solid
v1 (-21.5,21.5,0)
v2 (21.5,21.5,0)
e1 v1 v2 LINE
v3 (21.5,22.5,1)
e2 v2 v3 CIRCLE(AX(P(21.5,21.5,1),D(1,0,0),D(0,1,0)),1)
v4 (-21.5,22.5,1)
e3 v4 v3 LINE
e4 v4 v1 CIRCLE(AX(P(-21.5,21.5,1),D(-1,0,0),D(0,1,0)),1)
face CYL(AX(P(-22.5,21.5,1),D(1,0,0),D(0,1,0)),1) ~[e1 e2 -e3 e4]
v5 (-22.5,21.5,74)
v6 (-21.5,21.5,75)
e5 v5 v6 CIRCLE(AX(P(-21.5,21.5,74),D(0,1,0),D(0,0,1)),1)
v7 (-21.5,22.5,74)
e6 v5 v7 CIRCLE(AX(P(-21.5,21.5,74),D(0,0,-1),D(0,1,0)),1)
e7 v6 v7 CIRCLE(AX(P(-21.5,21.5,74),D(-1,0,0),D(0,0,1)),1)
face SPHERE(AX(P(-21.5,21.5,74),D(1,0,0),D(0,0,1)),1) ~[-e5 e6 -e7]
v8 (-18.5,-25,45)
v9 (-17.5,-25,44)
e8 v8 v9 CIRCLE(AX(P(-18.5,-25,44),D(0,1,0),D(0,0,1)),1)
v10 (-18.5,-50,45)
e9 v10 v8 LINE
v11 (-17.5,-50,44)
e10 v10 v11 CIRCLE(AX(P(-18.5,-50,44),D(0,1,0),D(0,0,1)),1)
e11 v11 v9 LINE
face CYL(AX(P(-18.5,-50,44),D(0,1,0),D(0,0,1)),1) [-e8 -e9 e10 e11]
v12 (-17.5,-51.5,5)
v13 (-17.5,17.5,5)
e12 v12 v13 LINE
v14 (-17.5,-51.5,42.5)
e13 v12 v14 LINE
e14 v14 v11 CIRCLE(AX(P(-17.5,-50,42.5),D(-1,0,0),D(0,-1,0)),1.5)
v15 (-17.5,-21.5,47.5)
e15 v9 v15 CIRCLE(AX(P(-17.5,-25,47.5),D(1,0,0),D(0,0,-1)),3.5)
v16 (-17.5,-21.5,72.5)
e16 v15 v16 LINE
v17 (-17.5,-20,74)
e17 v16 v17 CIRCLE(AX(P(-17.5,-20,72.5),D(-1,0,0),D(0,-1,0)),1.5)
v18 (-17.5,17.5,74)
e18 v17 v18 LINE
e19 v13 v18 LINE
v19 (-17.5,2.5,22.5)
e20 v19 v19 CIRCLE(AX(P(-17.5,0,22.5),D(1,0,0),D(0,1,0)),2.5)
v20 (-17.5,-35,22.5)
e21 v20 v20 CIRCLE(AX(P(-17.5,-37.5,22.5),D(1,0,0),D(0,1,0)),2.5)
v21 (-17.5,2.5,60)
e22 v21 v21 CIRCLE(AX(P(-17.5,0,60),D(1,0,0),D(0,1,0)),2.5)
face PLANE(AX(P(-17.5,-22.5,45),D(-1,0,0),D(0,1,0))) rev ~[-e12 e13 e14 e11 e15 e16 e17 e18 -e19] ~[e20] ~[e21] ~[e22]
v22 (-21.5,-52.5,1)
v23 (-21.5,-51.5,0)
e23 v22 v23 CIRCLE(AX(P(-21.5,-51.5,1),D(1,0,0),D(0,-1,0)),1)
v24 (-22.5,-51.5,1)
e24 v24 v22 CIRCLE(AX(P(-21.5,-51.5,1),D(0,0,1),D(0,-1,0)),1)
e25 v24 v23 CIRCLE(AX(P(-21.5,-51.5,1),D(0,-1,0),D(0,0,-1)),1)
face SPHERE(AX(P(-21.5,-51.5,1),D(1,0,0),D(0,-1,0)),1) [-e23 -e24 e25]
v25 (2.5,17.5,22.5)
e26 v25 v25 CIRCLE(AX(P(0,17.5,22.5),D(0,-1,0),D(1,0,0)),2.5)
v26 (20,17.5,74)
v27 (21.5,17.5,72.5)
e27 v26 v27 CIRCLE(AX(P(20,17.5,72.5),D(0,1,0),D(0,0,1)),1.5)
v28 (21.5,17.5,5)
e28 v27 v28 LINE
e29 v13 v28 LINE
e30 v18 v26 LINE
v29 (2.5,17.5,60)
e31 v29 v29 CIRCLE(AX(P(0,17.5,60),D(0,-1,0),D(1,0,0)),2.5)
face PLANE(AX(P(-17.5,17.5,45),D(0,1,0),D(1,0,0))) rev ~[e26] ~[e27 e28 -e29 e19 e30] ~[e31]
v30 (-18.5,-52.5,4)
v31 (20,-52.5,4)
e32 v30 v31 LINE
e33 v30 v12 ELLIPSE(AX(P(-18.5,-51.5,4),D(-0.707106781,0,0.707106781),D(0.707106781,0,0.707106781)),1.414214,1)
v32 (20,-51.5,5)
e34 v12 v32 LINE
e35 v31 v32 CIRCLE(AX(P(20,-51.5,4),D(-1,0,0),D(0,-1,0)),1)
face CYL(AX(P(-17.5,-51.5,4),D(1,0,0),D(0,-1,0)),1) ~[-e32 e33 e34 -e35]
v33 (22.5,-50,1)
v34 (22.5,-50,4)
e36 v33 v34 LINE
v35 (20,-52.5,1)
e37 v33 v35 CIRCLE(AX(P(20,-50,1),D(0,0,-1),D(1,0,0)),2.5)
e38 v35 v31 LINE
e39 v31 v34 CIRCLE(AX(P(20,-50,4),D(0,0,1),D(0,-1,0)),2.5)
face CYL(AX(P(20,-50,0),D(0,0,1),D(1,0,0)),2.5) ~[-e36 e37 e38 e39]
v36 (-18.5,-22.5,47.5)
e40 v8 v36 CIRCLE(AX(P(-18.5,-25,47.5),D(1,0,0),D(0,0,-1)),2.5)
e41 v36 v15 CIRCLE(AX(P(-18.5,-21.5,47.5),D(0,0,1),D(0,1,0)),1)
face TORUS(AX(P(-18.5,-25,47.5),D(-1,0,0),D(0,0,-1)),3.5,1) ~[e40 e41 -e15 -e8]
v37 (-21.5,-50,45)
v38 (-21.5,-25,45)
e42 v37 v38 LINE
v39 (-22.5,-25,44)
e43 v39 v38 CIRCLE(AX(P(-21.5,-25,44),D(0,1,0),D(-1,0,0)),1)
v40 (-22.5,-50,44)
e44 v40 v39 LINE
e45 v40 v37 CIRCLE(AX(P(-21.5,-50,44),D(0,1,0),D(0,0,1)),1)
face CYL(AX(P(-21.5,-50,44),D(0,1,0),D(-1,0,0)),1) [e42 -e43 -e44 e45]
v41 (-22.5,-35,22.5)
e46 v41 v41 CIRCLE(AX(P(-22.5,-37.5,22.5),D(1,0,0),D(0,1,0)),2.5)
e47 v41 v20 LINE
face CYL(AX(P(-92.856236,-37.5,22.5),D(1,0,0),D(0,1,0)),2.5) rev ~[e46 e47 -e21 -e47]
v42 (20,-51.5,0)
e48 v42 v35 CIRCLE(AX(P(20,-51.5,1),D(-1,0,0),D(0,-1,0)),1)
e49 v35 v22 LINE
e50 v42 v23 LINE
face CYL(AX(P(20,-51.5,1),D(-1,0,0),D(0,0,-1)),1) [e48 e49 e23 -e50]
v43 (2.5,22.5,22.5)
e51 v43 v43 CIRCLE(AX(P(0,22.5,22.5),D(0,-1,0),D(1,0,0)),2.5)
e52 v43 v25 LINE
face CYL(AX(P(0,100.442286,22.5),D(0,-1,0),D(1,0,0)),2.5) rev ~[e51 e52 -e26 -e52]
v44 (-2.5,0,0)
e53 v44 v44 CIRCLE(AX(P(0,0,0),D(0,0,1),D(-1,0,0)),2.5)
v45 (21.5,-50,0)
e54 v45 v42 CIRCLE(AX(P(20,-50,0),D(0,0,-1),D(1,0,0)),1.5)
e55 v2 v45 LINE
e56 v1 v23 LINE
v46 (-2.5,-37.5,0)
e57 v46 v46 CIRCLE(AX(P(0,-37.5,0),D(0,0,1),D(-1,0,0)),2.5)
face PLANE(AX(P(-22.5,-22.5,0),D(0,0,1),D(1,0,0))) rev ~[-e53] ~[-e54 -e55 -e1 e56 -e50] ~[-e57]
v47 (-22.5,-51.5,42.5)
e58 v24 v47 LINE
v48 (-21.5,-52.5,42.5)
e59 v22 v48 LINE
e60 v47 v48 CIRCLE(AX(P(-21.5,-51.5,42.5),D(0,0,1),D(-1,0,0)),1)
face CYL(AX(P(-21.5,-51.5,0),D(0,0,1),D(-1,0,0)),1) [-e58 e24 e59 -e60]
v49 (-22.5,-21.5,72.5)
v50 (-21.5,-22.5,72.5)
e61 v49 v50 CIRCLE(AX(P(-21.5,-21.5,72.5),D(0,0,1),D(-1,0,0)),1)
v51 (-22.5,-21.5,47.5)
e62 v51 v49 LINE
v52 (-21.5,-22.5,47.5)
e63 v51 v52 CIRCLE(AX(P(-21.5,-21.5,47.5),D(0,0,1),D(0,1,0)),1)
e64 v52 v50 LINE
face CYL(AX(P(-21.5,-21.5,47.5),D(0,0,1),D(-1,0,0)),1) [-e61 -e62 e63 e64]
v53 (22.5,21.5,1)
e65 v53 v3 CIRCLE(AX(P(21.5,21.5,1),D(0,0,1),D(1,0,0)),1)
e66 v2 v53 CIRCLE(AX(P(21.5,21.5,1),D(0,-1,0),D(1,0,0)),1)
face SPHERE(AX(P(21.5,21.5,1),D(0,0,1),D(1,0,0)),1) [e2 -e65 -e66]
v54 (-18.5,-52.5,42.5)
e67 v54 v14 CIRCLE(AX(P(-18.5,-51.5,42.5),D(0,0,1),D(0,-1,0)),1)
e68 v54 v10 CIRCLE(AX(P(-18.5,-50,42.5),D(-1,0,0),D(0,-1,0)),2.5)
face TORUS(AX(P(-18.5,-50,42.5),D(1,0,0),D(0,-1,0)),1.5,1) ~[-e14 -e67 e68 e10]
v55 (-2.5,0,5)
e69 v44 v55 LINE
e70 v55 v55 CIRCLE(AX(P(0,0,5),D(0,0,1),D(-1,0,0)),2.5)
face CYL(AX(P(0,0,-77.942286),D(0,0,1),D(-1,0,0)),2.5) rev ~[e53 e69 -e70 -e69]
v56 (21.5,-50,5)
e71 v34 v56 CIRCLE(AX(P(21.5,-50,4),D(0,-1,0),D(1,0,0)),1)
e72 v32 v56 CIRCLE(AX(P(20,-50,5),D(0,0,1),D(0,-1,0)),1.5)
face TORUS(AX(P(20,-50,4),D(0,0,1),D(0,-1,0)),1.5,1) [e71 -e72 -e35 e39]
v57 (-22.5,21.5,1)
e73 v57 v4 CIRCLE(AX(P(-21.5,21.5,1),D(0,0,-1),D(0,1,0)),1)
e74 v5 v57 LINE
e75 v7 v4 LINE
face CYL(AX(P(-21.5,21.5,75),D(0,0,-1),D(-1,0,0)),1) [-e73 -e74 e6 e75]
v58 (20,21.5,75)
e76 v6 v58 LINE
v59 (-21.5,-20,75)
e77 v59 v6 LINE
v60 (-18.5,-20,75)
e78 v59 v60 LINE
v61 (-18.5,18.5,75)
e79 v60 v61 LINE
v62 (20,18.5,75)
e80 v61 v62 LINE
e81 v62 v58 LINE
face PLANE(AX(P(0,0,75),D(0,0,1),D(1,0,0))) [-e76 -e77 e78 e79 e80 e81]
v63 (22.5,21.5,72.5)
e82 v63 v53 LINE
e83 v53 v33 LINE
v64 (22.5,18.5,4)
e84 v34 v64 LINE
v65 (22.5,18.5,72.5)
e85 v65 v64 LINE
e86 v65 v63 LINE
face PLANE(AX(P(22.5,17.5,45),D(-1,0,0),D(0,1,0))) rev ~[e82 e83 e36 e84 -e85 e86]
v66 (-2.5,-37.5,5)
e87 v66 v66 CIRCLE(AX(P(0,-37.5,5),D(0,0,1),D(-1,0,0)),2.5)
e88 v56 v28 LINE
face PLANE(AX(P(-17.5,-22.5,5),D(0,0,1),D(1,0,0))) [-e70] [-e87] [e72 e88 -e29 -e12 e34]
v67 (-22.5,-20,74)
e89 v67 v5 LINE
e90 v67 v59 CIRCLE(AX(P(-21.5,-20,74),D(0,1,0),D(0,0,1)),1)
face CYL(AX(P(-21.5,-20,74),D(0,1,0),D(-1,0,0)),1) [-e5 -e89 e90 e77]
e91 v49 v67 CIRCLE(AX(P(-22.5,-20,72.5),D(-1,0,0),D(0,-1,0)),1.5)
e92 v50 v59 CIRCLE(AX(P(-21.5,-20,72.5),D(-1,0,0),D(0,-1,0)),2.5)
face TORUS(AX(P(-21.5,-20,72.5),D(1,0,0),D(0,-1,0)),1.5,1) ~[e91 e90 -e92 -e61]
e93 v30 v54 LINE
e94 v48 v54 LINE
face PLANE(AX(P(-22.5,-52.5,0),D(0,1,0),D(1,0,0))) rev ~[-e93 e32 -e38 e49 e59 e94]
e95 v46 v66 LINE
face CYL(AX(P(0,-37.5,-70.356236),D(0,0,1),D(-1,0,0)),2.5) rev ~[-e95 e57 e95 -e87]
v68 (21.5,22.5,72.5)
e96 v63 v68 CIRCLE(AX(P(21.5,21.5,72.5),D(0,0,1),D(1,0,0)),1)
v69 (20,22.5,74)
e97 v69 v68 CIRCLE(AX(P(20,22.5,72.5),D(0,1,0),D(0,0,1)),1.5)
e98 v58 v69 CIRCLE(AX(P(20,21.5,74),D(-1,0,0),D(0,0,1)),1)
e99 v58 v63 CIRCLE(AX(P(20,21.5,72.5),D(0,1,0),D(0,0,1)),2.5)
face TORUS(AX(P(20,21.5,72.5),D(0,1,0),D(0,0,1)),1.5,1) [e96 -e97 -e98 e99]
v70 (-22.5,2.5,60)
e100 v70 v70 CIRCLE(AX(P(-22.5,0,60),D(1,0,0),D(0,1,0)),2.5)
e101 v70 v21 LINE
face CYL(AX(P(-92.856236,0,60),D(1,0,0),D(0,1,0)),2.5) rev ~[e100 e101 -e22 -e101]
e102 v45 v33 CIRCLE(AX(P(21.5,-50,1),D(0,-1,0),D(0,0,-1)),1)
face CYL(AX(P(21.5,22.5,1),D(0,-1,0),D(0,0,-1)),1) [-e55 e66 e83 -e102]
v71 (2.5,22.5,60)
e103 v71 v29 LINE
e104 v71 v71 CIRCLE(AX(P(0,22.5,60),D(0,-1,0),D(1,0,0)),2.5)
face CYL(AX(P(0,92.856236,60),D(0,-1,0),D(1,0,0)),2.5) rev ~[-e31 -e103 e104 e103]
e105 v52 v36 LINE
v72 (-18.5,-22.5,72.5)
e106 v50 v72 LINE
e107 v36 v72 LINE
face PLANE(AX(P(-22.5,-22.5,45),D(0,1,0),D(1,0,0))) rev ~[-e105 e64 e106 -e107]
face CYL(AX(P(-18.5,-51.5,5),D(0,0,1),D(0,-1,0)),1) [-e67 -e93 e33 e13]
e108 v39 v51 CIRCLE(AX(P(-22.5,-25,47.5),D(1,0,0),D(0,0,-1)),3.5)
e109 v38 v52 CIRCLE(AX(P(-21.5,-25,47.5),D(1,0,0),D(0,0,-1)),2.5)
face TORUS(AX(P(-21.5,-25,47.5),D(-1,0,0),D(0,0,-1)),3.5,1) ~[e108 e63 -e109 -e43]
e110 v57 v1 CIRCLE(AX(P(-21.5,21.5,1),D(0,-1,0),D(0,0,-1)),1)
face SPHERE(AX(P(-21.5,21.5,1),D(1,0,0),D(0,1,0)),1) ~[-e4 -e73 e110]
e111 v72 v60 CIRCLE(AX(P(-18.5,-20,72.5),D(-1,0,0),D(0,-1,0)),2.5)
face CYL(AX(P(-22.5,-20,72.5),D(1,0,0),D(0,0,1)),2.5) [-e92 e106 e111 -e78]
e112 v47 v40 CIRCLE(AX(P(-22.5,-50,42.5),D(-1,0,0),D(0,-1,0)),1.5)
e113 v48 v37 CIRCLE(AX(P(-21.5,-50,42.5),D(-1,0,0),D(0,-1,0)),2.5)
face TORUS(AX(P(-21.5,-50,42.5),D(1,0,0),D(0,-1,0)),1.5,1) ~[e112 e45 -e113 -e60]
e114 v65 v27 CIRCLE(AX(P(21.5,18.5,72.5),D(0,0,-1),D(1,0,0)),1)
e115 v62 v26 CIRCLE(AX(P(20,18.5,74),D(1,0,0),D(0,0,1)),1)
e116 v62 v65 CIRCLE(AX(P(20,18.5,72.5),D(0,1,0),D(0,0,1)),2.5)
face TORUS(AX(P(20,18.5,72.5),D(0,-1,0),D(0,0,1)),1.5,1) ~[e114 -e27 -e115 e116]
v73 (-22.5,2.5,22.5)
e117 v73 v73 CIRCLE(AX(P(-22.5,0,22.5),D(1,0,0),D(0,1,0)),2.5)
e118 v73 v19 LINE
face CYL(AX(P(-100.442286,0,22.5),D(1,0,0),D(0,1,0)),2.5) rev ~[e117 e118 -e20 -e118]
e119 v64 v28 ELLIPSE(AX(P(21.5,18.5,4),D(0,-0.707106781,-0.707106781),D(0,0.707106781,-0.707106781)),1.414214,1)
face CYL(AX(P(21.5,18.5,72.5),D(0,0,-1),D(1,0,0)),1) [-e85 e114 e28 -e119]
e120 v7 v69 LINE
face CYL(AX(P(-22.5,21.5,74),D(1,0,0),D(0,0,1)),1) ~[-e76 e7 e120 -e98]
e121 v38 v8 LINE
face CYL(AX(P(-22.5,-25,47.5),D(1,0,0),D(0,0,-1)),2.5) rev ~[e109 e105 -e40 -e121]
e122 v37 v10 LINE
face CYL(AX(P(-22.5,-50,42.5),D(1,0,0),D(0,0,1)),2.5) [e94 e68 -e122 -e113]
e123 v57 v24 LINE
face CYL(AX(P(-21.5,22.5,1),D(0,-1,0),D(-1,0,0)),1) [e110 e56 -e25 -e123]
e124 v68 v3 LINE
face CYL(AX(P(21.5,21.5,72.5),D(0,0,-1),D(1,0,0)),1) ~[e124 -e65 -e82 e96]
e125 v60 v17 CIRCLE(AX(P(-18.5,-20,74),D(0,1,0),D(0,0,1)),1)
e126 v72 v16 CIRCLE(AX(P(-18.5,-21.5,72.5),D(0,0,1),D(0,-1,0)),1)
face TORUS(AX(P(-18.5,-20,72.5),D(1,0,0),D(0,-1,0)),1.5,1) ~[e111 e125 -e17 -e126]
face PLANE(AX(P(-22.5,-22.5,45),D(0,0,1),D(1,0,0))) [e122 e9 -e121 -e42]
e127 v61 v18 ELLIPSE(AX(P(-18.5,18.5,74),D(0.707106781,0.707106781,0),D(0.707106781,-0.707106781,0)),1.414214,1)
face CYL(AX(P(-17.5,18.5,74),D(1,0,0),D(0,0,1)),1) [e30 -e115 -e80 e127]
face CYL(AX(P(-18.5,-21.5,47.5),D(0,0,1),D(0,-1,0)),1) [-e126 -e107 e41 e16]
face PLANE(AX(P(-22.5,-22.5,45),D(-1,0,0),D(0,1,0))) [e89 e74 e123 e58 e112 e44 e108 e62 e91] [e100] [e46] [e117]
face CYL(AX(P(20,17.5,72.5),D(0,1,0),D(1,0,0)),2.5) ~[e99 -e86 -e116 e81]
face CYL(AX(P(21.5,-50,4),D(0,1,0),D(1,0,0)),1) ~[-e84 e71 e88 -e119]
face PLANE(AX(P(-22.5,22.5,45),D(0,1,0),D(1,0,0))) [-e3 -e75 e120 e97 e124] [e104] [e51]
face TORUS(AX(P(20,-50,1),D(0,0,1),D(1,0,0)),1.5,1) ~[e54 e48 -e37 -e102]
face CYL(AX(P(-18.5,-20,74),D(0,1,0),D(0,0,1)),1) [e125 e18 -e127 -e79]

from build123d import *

# Parameters (mm, degrees)
F0_W          = 45
F0_H          = 45
F1_DEPTH      = 45
F2_T          = -5
F3_DEPTH      = 30
F4_DEPTH      = 30
F10_D         = 5
F10_2_D       = 5
F10_ON_F6_D   = 5
F10_ON_F7_D   = 5
F10_ON_F9_D   = 5
F10_ON_F9_2_D = 5
F10_ON_F5_D   = 5
F12_R         = 2.5
F13_R         = 1


with BuildPart() as f1:
    # F0 (on Top) → F1 (new body)
    with BuildSketch(Plane.XY):
        Rectangle(F0_W, F0_H)
    extrude(amount=F1_DEPTH)

    # F2
    f2_openings = [f1.faces().sort_by_distance(p)[0] for p in [
        (0, 0, 45),
        (22.5, 0, 22.5),
        (0, -22.5, 22.5),
    ]]
    offset(amount=F2_T, openings=f2_openings)


with BuildPart() as f3:
    # F3 (new): a face of the model
    f3_faces = [f1.part.faces().sort_by_distance(p)[0] for p in [
        (21.8636038969, -22.5, 2.5),
    ]]
    extrude(f3_faces, amount=F3_DEPTH)

    # F10 on F9#2 (through all)
    with Locations(Plane(origin=(0, 0, 0), x_dir=(1, 0, 0), z_dir=(0, 0, -1))):
        with Locations((0, 0), (0, 37.5)):
            Hole(F10_ON_F9_2_D / 2)

    # F10 on F5 (through all)
    with Locations(Plane(origin=(-22.5, 0, 0), x_dir=(0, -1, 0), z_dir=(-1, 0, 0))):
        with Locations((37.5, 22.5)):
            Hole(F10_ON_F5_D / 2)


with BuildPart() as f4:
    # F4 (new): a face of the model
    f4_faces = [f1.part.faces().sort_by_distance(p)[0] for p in [
        (0, 21.8636038969, 45),
    ]]
    extrude(f4_faces, amount=F4_DEPTH)

    # F10#2 (through all)
    with Locations(Plane(origin=(0, 22.5, 0), x_dir=(-1, 0, 0), z_dir=(0, 1, 0))):
        with Locations((0, 60), (0, 22.5)):
            Hole(F10_2_D / 2)

    # F10 on F6 (through all)
    with Locations(Plane(origin=(-22.5, 0, 0), x_dir=(0, -1, 0), z_dir=(-1, 0, 0))):
        with Locations((0, 60)):
            Hole(F10_ON_F6_D / 2)


with BuildPart() as f1_1:
    add(f1.part)

    # F10 (through all)
    with Locations(Plane(origin=(0, 22.5, 0), x_dir=(-1, 0, 0), z_dir=(0, 1, 0))):
        with Locations((0, 60), (0, 22.5)):
            Hole(F10_D / 2)

    # F10 on F7 (through all)
    with Locations(Plane(origin=(-22.5, 0, 0), x_dir=(0, -1, 0), z_dir=(-1, 0, 0))):
        with Locations((0, 22.5)):
            Hole(F10_ON_F7_D / 2)

    # F10 on F9 (through all)
    with Locations(Plane(origin=(0, 0, 0), x_dir=(1, 0, 0), z_dir=(0, 0, -1))):
        with Locations((0, 0), (0, 37.5)):
            Hole(F10_ON_F9_D / 2)

    # F11: union F3, F4
    add(f3.part)
    add(f4.part)

    # F12
    f12_edges = [f1_1.edges().sort_by_distance(p)[0] for p in [
        (-20, -22.5, 45),
        (-20, -22.5, 75),
        (-20, -52.5, 45),
        (22.5, 20, 75),
        (22.5, -52.5, 2.5),
    ]]
    fillet(f12_edges, radius=F12_R)

    # F13
    f13_edges = [f1_1.edges().sort_by_distance(p)[0] for p in [
        (1.25, 17.5, 75),
        (-17.5, -1.25, 75),
        (1.25, -52.5, 5),
        (-1.25, 22.5, 75),
        (22.5, -13.75, 0),
        (0, 22.5, 0),
        (-22.5, 1.25, 75),
        (-22.5, 22.5, 37.5),
        (-22.5, -15, 0),
    ]]
    fillet(f13_edges, radius=F13_R)


solid = f1_1.part
